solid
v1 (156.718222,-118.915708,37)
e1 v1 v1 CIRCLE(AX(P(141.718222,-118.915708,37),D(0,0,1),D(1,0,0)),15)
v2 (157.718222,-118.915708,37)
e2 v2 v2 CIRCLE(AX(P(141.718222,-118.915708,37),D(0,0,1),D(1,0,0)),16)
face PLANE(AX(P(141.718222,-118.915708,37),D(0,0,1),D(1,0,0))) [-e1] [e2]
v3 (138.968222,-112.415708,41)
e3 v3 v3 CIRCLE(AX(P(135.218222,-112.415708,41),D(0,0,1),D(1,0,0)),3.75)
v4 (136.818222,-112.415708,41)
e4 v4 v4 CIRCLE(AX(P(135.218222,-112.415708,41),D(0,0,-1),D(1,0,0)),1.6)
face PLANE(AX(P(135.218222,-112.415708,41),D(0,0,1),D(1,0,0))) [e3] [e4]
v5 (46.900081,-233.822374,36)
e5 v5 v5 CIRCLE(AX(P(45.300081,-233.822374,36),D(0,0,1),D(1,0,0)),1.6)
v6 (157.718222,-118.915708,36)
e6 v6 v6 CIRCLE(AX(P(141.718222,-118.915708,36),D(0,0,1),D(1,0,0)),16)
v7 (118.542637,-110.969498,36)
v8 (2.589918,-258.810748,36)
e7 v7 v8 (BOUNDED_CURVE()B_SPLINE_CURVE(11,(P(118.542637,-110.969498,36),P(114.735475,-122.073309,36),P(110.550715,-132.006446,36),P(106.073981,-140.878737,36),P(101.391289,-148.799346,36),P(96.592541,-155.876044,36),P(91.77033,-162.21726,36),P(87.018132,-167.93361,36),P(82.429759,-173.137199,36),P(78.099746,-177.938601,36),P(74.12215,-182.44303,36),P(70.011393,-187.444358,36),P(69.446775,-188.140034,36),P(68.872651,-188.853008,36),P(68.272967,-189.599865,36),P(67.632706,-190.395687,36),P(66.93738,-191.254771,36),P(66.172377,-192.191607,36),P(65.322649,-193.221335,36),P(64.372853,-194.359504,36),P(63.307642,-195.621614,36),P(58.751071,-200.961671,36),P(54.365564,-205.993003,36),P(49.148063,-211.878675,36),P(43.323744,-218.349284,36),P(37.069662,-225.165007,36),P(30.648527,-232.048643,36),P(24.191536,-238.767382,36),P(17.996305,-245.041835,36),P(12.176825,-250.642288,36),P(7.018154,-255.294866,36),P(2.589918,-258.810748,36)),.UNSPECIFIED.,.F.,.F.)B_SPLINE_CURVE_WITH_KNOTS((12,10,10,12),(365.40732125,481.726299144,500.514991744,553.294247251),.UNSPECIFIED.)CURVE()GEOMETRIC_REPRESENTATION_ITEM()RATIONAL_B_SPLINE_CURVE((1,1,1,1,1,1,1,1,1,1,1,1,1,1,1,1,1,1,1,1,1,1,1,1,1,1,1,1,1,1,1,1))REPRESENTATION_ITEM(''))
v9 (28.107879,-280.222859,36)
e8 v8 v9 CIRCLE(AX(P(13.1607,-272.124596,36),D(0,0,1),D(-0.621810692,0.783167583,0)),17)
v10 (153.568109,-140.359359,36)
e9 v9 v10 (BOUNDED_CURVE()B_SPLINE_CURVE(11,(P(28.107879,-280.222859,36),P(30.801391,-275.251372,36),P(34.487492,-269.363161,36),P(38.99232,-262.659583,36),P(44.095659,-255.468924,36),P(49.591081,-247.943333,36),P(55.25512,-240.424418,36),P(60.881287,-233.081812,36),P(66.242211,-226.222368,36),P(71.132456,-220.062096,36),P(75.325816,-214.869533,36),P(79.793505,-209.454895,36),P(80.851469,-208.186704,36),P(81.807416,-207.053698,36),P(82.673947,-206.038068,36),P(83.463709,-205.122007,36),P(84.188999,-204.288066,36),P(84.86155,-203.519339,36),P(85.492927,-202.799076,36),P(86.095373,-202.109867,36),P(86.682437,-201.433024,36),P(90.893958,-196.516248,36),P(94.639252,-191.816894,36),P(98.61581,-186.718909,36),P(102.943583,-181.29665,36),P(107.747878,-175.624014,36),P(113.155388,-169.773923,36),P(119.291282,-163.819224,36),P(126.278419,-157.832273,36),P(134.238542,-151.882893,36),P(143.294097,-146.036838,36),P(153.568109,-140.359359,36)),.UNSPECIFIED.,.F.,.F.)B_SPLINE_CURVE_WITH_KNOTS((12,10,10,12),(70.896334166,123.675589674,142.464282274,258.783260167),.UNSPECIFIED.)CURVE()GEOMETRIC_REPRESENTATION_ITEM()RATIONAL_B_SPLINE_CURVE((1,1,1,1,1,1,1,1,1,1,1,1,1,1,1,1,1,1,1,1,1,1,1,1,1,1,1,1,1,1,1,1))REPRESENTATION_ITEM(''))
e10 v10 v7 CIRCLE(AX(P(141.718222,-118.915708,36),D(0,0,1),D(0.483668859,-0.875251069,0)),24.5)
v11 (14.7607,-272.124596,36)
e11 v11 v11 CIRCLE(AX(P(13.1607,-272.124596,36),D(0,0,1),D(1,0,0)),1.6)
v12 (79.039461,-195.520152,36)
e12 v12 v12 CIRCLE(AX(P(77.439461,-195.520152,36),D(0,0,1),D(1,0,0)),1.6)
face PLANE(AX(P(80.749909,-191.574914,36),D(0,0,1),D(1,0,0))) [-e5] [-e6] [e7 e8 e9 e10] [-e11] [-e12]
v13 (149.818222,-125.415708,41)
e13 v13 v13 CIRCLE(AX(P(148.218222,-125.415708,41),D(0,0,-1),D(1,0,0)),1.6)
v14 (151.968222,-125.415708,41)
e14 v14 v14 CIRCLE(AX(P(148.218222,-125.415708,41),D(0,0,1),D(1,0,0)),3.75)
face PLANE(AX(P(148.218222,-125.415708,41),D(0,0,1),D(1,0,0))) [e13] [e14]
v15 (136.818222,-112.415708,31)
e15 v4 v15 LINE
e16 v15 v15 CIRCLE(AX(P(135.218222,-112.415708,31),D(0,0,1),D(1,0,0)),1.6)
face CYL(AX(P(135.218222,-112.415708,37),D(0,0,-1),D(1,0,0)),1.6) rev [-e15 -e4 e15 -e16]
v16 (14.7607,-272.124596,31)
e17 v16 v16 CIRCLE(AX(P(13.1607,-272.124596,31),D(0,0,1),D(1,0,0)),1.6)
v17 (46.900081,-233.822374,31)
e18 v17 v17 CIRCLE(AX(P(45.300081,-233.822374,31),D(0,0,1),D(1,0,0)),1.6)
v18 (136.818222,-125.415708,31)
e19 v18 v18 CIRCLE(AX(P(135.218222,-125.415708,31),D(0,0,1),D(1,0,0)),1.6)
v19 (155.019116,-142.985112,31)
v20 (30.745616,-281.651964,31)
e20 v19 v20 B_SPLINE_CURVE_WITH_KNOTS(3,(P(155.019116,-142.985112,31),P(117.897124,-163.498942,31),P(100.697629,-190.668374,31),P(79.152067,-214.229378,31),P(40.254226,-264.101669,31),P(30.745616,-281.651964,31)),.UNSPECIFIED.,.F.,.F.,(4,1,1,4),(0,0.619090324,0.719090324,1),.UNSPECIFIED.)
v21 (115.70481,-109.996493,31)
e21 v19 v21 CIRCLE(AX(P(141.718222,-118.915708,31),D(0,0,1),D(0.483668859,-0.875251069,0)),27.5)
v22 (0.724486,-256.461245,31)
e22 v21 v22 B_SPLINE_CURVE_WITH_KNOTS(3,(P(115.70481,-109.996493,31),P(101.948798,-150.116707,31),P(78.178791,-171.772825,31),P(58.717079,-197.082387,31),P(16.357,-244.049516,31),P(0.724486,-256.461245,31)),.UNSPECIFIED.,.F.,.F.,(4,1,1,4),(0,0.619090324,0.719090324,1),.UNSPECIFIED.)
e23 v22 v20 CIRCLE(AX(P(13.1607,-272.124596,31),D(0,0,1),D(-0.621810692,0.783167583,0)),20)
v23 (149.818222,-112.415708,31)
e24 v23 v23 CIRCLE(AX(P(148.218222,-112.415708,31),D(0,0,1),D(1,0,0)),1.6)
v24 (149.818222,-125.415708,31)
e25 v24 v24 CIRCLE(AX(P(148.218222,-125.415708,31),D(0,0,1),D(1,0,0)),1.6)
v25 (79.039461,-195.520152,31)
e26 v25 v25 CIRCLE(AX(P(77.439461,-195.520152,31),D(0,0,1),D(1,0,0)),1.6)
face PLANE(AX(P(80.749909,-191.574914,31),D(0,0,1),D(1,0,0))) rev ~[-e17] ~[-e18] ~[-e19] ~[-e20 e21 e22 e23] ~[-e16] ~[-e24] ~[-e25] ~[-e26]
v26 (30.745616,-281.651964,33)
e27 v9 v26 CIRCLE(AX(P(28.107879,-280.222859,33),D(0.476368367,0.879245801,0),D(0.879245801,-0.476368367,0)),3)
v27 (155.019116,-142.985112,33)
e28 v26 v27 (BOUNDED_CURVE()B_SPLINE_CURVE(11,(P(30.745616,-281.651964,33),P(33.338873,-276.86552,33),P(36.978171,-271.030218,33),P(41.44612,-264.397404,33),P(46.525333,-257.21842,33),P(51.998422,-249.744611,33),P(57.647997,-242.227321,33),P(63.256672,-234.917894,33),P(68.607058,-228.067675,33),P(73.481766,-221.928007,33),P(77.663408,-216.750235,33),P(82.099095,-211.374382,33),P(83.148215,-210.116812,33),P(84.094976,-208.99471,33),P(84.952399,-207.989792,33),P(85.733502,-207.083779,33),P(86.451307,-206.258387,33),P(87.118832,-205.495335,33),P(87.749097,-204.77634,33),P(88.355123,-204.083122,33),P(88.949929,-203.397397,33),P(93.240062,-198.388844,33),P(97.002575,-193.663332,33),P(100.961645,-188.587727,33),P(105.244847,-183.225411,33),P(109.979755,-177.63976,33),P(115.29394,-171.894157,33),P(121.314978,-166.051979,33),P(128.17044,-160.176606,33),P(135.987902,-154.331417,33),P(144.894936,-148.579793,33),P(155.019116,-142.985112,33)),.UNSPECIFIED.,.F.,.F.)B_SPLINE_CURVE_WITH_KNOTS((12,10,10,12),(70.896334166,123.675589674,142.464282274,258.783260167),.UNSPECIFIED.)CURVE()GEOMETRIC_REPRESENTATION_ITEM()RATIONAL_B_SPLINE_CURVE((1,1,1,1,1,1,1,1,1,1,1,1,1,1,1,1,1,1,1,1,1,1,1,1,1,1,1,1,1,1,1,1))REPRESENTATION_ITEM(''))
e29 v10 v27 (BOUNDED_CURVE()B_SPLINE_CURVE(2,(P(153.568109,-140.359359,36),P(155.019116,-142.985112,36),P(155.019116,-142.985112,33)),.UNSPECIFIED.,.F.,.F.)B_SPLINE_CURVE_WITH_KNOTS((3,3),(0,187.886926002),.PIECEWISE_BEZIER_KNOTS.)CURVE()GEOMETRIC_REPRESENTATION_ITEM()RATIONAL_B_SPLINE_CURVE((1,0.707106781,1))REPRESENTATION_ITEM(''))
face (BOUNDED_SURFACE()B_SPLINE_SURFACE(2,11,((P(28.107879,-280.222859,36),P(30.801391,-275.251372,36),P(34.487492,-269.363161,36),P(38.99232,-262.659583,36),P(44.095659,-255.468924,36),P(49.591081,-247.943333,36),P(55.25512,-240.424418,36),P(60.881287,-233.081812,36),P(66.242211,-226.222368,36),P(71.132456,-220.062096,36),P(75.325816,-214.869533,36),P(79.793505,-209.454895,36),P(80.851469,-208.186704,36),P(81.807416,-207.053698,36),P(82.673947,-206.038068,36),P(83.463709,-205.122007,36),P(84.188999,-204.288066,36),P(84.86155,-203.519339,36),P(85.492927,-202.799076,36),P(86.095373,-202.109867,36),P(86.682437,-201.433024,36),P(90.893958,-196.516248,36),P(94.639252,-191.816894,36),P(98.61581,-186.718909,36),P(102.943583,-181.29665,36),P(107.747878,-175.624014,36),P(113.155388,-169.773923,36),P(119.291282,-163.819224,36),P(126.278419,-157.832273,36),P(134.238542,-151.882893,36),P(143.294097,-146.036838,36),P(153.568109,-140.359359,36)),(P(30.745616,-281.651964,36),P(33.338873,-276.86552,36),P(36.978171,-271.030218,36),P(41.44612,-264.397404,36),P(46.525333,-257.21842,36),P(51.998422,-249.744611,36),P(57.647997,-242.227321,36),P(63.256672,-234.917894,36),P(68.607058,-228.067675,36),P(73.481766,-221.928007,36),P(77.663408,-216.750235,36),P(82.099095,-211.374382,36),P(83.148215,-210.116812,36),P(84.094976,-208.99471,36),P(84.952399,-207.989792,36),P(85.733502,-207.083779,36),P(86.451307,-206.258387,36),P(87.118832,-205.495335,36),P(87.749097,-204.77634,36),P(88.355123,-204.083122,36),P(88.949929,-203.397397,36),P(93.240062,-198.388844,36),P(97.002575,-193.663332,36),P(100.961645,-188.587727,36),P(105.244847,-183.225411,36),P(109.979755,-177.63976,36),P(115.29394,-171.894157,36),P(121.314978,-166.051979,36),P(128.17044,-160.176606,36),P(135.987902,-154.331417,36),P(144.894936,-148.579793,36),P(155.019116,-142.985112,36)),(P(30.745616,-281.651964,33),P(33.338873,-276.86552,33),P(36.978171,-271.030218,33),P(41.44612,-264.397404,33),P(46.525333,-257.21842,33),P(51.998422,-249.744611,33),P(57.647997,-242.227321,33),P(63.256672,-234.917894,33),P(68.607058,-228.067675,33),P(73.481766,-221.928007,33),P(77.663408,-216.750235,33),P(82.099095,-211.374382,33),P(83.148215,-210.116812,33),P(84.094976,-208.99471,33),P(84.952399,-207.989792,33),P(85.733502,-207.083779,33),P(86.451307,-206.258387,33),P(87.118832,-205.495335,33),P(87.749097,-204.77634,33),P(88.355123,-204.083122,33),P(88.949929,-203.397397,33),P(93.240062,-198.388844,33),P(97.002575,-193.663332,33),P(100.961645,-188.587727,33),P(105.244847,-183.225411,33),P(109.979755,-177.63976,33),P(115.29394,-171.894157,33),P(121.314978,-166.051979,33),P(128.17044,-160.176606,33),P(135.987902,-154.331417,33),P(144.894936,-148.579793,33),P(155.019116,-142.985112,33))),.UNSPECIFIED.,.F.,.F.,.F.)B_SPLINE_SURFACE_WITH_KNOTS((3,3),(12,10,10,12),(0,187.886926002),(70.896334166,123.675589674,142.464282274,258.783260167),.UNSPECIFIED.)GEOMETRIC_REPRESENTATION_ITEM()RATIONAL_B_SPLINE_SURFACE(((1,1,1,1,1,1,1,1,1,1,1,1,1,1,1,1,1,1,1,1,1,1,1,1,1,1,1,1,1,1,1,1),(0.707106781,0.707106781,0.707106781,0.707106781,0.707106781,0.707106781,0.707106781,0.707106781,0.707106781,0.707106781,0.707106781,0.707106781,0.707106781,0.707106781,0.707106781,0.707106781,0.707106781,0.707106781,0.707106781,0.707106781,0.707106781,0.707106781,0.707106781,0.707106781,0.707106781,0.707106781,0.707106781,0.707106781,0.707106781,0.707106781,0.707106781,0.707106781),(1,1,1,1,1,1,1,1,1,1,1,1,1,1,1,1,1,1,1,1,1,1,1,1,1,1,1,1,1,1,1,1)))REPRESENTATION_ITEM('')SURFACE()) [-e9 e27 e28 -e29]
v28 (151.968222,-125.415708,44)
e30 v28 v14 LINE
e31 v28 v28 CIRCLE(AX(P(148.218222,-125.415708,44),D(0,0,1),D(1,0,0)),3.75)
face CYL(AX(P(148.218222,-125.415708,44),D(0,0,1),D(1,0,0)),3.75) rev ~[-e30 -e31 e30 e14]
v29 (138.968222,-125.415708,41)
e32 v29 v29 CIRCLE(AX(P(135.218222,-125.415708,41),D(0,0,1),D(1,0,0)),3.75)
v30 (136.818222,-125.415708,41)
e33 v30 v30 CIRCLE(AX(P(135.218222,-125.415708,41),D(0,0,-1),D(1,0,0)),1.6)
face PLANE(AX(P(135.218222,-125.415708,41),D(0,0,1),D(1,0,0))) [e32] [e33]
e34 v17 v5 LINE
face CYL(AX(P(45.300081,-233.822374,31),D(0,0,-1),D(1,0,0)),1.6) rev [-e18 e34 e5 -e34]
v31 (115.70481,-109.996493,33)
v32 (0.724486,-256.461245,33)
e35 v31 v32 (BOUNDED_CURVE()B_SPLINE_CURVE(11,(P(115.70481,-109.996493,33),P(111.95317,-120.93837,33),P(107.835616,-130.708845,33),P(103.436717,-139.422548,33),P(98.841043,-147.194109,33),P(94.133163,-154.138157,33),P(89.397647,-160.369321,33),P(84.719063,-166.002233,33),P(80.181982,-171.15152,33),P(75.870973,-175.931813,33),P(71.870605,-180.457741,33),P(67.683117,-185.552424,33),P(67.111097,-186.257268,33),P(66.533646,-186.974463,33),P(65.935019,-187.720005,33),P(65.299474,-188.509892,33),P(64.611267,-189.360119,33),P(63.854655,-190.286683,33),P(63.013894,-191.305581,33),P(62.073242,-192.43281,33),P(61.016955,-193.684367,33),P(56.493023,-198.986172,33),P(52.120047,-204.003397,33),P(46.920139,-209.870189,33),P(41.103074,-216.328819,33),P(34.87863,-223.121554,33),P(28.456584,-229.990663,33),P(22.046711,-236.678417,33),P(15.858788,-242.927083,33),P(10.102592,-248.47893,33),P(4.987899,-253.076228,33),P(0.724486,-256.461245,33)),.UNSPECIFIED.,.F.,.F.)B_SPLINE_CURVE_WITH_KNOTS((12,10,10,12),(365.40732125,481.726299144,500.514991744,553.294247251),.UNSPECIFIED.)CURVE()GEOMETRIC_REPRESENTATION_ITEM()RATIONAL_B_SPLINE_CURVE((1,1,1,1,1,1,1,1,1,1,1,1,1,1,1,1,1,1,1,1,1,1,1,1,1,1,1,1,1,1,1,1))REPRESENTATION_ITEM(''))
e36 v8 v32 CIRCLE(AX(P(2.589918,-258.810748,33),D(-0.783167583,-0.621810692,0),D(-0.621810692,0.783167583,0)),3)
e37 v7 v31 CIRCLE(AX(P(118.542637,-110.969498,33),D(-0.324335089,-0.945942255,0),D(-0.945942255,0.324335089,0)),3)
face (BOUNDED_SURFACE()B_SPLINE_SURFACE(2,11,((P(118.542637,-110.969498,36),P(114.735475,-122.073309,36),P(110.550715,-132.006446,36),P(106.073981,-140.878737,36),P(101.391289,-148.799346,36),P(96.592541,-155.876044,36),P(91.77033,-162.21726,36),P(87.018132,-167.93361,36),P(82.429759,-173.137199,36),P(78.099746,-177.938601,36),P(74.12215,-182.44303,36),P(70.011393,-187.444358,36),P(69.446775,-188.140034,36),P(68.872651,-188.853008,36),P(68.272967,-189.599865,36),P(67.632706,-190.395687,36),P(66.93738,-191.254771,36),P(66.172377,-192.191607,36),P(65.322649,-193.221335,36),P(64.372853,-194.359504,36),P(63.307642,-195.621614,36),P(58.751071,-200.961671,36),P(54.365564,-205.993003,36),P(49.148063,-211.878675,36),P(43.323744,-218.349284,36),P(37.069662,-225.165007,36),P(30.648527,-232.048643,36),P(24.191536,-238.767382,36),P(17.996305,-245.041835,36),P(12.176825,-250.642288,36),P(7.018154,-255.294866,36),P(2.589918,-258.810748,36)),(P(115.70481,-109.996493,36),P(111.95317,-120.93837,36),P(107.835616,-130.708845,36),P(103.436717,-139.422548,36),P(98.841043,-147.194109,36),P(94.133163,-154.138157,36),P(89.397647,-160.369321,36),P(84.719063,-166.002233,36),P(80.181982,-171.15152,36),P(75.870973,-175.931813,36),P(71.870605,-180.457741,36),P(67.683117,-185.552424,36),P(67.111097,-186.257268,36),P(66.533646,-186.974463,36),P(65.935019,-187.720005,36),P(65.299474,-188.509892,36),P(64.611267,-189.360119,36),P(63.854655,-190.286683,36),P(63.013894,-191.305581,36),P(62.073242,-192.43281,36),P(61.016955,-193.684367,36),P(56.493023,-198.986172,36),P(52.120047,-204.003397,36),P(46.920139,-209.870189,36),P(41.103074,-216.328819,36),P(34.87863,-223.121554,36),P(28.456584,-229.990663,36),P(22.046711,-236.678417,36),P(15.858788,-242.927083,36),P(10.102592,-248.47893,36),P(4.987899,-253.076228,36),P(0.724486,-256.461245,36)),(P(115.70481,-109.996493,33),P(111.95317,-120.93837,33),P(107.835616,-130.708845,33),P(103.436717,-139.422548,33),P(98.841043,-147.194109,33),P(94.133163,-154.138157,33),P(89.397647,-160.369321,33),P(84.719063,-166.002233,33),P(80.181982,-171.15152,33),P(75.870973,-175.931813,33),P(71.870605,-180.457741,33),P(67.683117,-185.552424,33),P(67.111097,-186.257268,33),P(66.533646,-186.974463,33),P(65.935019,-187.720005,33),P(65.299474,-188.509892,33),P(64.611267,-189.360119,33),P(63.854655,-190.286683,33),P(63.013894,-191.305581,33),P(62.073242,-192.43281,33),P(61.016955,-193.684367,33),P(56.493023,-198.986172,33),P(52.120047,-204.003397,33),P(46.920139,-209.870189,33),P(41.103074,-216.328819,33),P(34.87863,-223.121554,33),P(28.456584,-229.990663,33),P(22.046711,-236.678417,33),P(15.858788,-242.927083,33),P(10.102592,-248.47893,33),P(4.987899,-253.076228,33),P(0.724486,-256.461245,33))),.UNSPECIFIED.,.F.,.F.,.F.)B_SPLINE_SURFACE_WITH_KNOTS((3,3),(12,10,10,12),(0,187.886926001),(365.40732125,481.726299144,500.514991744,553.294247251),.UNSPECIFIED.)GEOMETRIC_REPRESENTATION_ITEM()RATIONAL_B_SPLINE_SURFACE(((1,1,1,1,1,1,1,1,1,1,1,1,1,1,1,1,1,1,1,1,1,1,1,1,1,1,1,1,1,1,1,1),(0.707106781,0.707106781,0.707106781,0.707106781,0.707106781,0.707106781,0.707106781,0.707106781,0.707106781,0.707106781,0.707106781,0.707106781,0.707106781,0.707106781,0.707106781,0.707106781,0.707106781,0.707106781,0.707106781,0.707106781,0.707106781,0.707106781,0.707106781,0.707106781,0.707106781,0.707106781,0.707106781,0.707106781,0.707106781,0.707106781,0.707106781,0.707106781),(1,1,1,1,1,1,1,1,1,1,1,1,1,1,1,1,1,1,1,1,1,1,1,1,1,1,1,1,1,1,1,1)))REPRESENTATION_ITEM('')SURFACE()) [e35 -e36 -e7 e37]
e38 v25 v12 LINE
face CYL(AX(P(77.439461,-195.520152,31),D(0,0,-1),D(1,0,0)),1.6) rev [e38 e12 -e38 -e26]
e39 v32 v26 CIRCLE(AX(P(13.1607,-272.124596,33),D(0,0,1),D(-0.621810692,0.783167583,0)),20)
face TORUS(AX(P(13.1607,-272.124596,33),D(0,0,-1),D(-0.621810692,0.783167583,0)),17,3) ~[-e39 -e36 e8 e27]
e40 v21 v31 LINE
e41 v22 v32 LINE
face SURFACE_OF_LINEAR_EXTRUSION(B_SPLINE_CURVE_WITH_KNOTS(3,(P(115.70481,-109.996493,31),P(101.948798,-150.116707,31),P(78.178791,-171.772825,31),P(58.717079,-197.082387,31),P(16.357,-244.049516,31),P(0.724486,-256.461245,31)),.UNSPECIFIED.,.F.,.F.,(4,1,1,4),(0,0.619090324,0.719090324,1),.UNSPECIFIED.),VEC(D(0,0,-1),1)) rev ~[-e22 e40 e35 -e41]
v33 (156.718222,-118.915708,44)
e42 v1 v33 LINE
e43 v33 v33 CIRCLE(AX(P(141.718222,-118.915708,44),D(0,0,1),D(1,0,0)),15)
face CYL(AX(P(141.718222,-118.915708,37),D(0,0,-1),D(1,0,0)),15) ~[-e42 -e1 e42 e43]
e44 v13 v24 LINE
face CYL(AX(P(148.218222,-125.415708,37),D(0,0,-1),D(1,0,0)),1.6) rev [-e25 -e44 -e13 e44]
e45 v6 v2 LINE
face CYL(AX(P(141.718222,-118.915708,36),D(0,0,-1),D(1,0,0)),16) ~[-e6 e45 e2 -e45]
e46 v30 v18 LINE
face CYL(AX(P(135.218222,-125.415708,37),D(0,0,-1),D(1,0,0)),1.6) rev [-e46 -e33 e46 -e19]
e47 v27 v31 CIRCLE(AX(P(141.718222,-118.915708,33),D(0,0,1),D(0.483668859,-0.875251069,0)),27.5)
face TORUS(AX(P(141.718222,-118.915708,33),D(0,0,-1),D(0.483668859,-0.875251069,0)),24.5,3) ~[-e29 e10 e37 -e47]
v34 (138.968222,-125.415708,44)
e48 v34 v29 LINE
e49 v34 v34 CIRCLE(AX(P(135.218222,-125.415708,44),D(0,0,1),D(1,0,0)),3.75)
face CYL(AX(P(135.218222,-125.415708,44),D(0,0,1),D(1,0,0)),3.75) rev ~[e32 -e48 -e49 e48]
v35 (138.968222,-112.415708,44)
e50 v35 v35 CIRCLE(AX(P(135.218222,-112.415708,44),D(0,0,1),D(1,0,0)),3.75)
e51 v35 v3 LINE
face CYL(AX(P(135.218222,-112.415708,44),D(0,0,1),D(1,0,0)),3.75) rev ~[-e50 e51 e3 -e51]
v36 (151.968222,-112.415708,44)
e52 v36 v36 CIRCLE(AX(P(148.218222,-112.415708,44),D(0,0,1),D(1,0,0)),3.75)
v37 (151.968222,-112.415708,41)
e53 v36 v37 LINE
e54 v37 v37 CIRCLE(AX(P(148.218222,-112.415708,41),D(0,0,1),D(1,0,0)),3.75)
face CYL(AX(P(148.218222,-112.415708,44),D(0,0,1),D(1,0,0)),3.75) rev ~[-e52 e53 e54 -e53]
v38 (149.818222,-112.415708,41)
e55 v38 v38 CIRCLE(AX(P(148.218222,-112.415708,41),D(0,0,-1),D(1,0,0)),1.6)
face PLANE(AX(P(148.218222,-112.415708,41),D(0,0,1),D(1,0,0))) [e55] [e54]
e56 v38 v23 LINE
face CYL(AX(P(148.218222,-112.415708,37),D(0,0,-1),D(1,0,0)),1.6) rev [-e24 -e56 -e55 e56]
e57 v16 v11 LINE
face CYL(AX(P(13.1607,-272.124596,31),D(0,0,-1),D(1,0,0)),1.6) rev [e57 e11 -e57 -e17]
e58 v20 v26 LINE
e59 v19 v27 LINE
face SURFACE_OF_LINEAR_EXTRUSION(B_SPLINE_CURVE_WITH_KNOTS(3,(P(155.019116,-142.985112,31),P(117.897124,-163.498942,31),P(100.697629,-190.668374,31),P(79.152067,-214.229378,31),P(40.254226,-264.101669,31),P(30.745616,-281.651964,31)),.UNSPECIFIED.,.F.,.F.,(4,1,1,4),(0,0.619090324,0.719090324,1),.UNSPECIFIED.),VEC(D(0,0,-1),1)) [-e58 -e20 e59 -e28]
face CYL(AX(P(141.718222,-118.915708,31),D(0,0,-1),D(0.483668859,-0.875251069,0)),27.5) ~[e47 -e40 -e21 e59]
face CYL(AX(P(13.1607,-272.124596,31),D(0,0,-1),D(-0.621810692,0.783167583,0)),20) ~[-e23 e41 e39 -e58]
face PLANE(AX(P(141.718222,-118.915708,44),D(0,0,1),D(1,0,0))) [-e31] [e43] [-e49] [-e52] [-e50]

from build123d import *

# Parameters (mm, degrees)
SKETCH1_R           = 1.6
BOSS_EXTRUDE1_DEPTH = 5
SKETCH2_R           = 16
SKETCH2_R_2         = 1.6
BOSS_EXTRUDE2_DEPTH = 1
SKETCH3_R           = 15
SKETCH3_R_2         = 1.6
BOSS_EXTRUDE3_DEPTH = 7
SKETCH4_R           = 3.75
CUT_EXTRUDE1_DEPTH  = 3
VARFILLET1_R        = 3


with BuildPart() as part:
    # Sketch1 → Boss-Extrude1 (new body)
    with BuildSketch(Plane.XY.offset(31)):
        with BuildLine():
            ThreePointArc((155.019115612, -142.985112199), (159.394881243, -97.849485606), (115.704809966, -109.996492831))
            add(Edge.make_bspline(
                [(115.704809966, -109.996492831), (101.94879758, -150.116707379), (78.178790791, -171.772825461), (58.717079478, -197.082387325), (16.356999542, -244.049515564), (0.72448619, -256.46124476)],
                knots=[0, 0, 0, 0, 0.619090324, 0.719090324, 1, 1, 1, 1], degree=3))
            ThreePointArc((0.72448619, -256.46124476), (0.304947846, -287.445485278), (30.74561606, -281.651963762))
            add(Edge.make_bspline(
                [(155.019115612, -142.985112199), (117.897123756, -163.498941991), (100.69762913, -190.668374405), (79.152067085, -214.229377889), (40.254225745, -264.101669257), (30.74561606, -281.651963762)],
                knots=[0, 0, 0, 0, 0.619090324, 0.719090324, 1, 1, 1, 1], degree=3))
        make_face()
        with Locations((135.218221977, -112.415707792)):
            Circle(SKETCH1_R, mode=Mode.SUBTRACT)
        with Locations((148.218221977, -112.415707792)):
            Circle(SKETCH1_R, mode=Mode.SUBTRACT)
        with Locations((148.218221977, -125.415707792)):
            Circle(SKETCH1_R, mode=Mode.SUBTRACT)
        with Locations((135.218221977, -125.415707792)):
            Circle(SKETCH1_R, mode=Mode.SUBTRACT)
        with Locations((77.439461008, -195.520152104)):
            Circle(SKETCH1_R, mode=Mode.SUBTRACT)
        with Locations((45.300080524, -233.82237426)):
            Circle(SKETCH1_R, mode=Mode.SUBTRACT)
        with Locations((13.16070004, -272.124596416)):
            Circle(SKETCH1_R, mode=Mode.SUBTRACT)
    extrude(amount=BOSS_EXTRUDE1_DEPTH)

    # Sketch2 → Boss-Extrude2 (add)
    with BuildSketch(Plane.XY.offset(36)):
        with Locations((141.718221977, -118.915707792)):
            Circle(SKETCH2_R)
        with Locations((148.218221977, -125.415707792)):
            Circle(SKETCH2_R_2, mode=Mode.SUBTRACT)
        with Locations((135.218221977, -125.415707792)):
            Circle(SKETCH2_R_2, mode=Mode.SUBTRACT)
        with Locations((135.218221977, -112.415707792)):
            Circle(SKETCH2_R_2, mode=Mode.SUBTRACT)
        with Locations((148.218221977, -112.415707792)):
            Circle(SKETCH2_R_2, mode=Mode.SUBTRACT)
    extrude(amount=BOSS_EXTRUDE2_DEPTH)

    # Sketch3 → Boss-Extrude3 (add)
    with BuildSketch(Plane.XY.offset(37)):
        with Locations((141.718221977, -118.915707792)):
            Circle(SKETCH3_R)
        with Locations((148.218221977, -125.415707792)):
            Circle(SKETCH3_R_2, mode=Mode.SUBTRACT)
        with Locations((135.218221977, -112.415707792)):
            Circle(SKETCH3_R_2, mode=Mode.SUBTRACT)
        with Locations((148.218221977, -112.415707792)):
            Circle(SKETCH3_R_2, mode=Mode.SUBTRACT)
        with Locations((135.218221977, -125.415707792)):
            Circle(SKETCH3_R_2, mode=Mode.SUBTRACT)
    extrude(amount=BOSS_EXTRUDE3_DEPTH)

    # Sketch4 → Cut-Extrude1 (cut)
    with BuildSketch(Plane.XY.offset(44)):
        with Locations((135.218221977, -112.415707792)):
            Circle(SKETCH4_R)
        with Locations((148.218221977, -112.415707792)):
            Circle(SKETCH4_R)
        with Locations((148.218221977, -125.415707792)):
            Circle(SKETCH4_R)
        with Locations((135.218221977, -125.415707792)):
            Circle(SKETCH4_R)
    extrude(amount=-CUT_EXTRUDE1_DEPTH, mode=Mode.SUBTRACT)

    # VarFillet1
    varfillet1_edges = [part.edges().sort_by_distance(p)[0] for p in [
        (0.304947846, -287.445485278, 36),
        (65.360846316, -188.427744165, 36),
        (86.521548764, -206.183681785, 36),
    ]]
    fillet(varfillet1_edges, radius=VARFILLET1_R)


solid = part.part
